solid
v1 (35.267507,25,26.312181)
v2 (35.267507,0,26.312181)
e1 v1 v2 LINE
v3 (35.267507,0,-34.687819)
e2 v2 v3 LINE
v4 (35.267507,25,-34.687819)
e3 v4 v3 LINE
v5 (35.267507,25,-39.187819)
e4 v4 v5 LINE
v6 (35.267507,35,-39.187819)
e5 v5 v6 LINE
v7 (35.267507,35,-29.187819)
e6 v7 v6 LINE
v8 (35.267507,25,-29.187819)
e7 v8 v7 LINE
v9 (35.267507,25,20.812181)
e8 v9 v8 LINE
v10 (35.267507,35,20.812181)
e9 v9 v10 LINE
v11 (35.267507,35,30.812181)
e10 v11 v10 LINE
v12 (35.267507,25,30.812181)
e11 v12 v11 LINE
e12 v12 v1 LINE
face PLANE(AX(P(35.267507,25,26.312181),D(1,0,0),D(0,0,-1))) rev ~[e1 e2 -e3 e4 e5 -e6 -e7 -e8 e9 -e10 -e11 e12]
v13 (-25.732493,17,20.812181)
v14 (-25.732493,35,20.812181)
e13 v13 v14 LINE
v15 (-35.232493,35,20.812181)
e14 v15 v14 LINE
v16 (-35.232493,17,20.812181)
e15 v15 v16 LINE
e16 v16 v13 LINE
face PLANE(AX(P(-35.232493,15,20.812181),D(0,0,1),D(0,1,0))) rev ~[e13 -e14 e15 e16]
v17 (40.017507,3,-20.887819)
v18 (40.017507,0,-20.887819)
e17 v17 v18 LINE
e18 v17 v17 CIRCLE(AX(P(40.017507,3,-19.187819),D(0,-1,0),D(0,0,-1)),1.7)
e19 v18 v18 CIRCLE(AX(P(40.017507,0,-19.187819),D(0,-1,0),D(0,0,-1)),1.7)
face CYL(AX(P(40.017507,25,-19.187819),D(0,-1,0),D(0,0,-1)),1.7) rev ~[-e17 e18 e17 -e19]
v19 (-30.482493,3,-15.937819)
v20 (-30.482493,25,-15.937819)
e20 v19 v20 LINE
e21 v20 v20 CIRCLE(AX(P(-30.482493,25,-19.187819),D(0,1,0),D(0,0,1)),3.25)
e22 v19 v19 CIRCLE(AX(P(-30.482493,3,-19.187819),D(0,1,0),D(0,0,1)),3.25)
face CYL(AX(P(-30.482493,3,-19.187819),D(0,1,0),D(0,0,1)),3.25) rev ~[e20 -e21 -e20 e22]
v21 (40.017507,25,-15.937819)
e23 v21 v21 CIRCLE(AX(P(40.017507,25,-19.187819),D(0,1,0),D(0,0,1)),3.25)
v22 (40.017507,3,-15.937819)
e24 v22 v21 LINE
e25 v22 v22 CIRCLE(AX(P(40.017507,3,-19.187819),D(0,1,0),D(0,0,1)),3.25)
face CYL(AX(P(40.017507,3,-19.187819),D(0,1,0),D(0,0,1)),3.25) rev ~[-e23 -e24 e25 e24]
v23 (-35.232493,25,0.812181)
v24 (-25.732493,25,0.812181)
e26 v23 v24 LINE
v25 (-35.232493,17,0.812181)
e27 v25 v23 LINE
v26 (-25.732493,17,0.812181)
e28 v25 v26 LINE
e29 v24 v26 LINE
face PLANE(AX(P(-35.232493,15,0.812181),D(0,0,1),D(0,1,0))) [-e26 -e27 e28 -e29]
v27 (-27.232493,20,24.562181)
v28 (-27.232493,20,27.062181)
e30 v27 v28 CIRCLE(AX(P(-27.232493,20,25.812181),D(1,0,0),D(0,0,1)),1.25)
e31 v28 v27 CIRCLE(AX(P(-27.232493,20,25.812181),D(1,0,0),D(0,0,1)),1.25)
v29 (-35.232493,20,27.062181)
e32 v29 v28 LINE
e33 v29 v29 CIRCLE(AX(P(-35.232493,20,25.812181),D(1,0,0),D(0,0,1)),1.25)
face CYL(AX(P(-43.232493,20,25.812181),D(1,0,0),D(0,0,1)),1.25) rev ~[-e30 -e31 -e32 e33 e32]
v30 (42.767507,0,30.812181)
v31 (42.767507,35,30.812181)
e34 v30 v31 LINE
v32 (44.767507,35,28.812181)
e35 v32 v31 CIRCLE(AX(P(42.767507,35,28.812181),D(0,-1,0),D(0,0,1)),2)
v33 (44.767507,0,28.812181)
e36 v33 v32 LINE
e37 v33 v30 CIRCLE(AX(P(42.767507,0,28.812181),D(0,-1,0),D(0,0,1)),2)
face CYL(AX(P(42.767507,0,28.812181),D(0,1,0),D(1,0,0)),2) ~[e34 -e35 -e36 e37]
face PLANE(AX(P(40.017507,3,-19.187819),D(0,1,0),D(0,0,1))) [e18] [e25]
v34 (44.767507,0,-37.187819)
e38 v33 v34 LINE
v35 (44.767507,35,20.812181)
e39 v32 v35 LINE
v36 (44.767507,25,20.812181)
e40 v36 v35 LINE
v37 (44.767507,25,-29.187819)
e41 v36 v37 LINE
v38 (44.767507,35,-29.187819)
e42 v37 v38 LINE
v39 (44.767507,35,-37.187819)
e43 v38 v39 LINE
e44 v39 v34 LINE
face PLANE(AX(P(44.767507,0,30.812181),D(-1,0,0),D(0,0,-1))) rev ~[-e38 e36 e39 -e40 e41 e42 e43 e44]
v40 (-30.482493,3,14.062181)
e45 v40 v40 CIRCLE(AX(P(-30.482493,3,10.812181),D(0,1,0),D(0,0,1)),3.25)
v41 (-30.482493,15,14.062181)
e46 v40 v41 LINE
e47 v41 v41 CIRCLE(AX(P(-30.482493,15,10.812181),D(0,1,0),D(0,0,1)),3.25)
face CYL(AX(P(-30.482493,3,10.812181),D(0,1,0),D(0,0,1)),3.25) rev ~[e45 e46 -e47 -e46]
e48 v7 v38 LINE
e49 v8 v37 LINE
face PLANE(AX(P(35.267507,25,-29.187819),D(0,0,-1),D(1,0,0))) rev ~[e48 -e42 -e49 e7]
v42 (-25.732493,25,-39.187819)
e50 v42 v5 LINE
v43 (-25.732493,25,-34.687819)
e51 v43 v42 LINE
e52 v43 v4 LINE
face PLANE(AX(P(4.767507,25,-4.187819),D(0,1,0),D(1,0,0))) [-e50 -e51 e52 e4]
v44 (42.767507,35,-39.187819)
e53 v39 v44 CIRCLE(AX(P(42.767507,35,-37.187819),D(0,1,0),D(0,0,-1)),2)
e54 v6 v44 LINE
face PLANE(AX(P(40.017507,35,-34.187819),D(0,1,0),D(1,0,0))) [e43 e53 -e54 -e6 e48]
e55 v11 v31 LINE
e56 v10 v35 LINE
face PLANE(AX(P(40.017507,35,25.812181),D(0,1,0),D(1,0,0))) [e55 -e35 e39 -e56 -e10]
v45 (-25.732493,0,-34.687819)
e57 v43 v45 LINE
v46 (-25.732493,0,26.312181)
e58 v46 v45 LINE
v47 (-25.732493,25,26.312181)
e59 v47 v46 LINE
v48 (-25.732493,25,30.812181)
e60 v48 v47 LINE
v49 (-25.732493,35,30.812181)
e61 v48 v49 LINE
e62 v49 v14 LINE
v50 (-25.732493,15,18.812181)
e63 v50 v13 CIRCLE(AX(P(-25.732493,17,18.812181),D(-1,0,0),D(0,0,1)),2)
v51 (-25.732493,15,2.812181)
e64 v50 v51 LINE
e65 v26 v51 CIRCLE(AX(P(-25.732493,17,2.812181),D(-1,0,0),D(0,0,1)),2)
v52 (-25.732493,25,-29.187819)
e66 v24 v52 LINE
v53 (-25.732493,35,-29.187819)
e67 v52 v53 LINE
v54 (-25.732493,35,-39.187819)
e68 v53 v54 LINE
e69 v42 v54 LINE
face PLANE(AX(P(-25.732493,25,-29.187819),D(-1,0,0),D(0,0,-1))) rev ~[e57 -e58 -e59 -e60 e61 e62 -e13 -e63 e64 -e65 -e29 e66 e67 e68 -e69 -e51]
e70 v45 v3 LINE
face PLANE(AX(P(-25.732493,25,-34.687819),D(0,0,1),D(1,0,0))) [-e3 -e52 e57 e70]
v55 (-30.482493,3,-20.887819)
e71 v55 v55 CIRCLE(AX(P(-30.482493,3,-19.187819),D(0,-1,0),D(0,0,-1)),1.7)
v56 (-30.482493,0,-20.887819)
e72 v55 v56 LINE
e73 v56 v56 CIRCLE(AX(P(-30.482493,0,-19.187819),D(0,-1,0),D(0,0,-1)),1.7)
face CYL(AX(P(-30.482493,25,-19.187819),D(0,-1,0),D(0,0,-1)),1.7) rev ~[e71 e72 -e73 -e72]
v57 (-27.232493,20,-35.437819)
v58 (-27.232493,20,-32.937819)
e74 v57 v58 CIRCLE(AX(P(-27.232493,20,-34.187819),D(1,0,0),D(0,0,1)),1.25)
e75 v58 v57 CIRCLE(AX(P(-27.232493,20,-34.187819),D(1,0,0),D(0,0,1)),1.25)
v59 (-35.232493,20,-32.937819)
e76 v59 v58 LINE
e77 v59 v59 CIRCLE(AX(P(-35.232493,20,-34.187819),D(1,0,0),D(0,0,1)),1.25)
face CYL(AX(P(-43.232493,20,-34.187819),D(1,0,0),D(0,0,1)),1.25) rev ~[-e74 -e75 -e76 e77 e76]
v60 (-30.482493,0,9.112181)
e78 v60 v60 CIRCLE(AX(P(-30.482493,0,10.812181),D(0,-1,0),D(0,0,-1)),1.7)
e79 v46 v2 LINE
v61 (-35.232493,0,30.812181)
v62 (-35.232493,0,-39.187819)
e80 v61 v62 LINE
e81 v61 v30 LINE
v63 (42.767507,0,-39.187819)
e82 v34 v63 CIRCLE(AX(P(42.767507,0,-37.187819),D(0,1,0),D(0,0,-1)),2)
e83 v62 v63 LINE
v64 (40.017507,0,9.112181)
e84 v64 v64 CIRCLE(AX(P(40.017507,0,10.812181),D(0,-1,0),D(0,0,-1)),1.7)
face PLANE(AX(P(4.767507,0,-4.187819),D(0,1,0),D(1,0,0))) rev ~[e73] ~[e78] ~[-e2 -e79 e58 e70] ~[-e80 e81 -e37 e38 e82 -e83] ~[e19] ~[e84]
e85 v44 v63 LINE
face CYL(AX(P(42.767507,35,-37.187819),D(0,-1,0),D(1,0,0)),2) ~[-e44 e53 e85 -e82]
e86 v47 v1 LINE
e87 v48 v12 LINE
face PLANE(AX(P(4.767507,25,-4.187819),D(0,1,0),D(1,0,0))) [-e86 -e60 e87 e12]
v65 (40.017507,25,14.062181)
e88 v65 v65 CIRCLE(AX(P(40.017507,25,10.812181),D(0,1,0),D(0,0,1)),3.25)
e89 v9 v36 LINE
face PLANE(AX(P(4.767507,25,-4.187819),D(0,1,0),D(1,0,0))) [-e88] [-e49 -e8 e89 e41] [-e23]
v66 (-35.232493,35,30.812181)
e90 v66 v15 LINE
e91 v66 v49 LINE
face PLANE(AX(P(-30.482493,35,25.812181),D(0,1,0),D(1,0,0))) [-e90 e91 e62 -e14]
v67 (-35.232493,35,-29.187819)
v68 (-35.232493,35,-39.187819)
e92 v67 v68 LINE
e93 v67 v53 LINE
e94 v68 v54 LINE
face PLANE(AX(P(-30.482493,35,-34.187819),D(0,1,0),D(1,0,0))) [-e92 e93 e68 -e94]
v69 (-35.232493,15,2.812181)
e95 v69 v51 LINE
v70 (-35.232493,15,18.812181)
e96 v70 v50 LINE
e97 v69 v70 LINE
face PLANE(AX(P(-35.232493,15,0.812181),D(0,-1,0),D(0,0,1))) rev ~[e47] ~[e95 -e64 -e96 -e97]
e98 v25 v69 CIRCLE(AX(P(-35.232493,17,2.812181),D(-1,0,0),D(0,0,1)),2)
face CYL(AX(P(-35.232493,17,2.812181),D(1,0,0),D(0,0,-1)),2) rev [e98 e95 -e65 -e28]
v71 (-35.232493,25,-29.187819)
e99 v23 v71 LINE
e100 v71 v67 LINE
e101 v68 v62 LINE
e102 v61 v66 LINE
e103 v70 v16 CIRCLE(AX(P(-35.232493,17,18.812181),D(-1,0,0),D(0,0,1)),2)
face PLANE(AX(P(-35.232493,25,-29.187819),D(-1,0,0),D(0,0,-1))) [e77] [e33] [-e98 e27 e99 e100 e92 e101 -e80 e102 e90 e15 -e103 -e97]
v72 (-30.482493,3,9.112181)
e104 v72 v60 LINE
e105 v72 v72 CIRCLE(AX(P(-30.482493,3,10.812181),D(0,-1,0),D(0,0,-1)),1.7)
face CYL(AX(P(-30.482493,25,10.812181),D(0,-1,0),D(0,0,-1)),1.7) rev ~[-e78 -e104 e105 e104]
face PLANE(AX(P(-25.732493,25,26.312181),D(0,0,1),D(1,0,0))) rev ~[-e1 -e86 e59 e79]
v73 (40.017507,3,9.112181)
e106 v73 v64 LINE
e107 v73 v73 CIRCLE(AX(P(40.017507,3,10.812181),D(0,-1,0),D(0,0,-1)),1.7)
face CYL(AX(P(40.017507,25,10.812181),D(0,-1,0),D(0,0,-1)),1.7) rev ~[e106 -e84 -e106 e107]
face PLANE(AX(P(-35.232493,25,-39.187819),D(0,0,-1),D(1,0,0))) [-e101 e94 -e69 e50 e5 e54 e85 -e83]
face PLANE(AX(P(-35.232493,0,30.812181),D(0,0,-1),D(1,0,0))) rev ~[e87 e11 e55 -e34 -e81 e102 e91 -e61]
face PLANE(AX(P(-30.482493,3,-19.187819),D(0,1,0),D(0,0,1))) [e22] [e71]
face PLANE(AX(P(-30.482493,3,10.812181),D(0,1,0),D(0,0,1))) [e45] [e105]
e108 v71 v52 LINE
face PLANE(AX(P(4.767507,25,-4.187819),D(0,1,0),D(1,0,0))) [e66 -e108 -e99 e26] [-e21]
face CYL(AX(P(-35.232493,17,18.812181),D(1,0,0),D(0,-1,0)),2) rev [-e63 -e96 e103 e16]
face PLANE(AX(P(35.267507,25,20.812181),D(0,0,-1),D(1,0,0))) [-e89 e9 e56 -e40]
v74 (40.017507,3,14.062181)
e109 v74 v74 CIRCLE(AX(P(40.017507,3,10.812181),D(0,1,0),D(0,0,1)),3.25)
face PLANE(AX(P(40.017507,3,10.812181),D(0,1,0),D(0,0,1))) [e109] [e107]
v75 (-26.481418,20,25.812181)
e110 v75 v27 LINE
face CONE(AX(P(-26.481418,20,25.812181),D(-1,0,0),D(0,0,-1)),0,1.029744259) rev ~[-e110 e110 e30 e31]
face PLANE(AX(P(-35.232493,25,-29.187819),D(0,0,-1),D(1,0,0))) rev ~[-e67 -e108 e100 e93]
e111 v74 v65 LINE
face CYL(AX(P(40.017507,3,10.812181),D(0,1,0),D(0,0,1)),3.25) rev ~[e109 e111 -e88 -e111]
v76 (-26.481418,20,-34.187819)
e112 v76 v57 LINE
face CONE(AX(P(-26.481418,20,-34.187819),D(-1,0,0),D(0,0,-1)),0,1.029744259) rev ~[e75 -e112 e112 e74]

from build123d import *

# Parameters (mm, degrees)
SKETCH1_W                       = 80
SKETCH1_H                       = 70
BOSS_EXTRUDE1_DEPTH             = 25
SKETCH2_W                       = 61
SKETCH2_H                       = 61
CUT_EXTRUDE1_DEPTH              = 26
SKETCH3_W                       = 9.5
SKETCH3_H                       = 10
BOSS_EXTRUDE2_DEPTH             = 10
FILLET1_R                       = 2
FILLET4_R                       = 2
CBORE_FOR_M3_SHCS1_D            = 3.4
CBORE_FOR_M3_SHCS1_CBORE_D      = 6.5
CBORE_FOR_M3_SHCS1_CBORE_DEPTH  = 22
TAP_DRILL_FOR_M3X0_5_TAP1_D     = 2.5
TAP_DRILL_FOR_M3X0_5_TAP1_DEPTH = 8
TAP_DRILL_FOR_M3X0_5_TAP1_TIP   = 0.751075774
CUT_EXTRUDE2_REACH              = 82
SKETCH9_W                       = 20
SKETCH9_H                       = 10
FILLET5_R                       = 2


with BuildPart() as part:
    # Sketch1 → Boss-Extrude1 (new body)
    with BuildSketch(Plane(origin=(0, 0, 0), x_dir=(1, 0, 0), z_dir=(0, 1, 0))):
        with Locations((4.767506632, 4.187819453)):
            Rectangle(SKETCH1_W, SKETCH1_H)
    extrude(amount=BOSS_EXTRUDE1_DEPTH)

    # Sketch2 → Cut-Extrude1 (cut, through all)
    with BuildSketch(Plane(origin=(0, 25, 0), x_dir=(1, 0, 0), z_dir=(0, 1, 0))):
        with Locations((4.767506632, 4.187819453)):
            Rectangle(SKETCH2_W, SKETCH2_H)
    extrude(amount=-CUT_EXTRUDE1_DEPTH, mode=Mode.SUBTRACT)

    # Sketch3 → Boss-Extrude2 (add)
    with BuildSketch(Plane(origin=(0, 25, 0), x_dir=(1, 0, 0), z_dir=(0, 1, 0))):
        with Locations((-30.482493368, 34.187819453)):
            Rectangle(SKETCH3_W, SKETCH3_H)
        with Locations((40.017506632, 34.187819453)):
            Rectangle(SKETCH3_W, SKETCH3_H)
        with Locations((-30.482493368, -25.812180547)):
            Rectangle(SKETCH3_W, SKETCH3_H)
        with Locations((40.017506632, -25.812180547)):
            Rectangle(SKETCH3_W, SKETCH3_H)
    extrude(amount=BOSS_EXTRUDE2_DEPTH)

    # Fillet1
    fillet1_edges = [part.edges().sort_by_distance(p)[0] for p in [
        (44.767506632, 17.5, 30.812180547),
    ]]
    fillet(fillet1_edges, radius=FILLET1_R)

    # Fillet4
    fillet4_edges = [part.edges().sort_by_distance(p)[0] for p in [
        (44.767506632, 17.5, -39.187819453),
    ]]
    fillet(fillet4_edges, radius=FILLET4_R)

    # CBORE for M3 SHCS1 (through all)
    with Locations(Plane(origin=(-30.482493368, 25, -19.187819453), x_dir=(0, 0, 1), z_dir=(0, 1, 0))):
        with Locations((0, 0), (30, 0), (30, 70.5), (0, 70.5)):
            CounterBoreHole(CBORE_FOR_M3_SHCS1_D / 2, CBORE_FOR_M3_SHCS1_CBORE_D / 2, CBORE_FOR_M3_SHCS1_CBORE_DEPTH)

    # Tap Drill for M3x0.5 Tap1
    with Locations(Plane(origin=(-35.232493368, 20, 25.812180547), x_dir=(0, 0, -1), z_dir=(-1, 0, 0))):
        with Locations((0, 0), (60, 0)):
            Hole(TAP_DRILL_FOR_M3X0_5_TAP1_D / 2, depth=TAP_DRILL_FOR_M3X0_5_TAP1_DEPTH)
            with Locations((0, 0, -(TAP_DRILL_FOR_M3X0_5_TAP1_DEPTH + TAP_DRILL_FOR_M3X0_5_TAP1_TIP / 2))):  # 118° drill point
                Cone(0, TAP_DRILL_FOR_M3X0_5_TAP1_D / 2, TAP_DRILL_FOR_M3X0_5_TAP1_TIP, mode=Mode.SUBTRACT)

    # Sketch9 → Cut-Extrude2 (cut, up to next)
    with BuildSketch(Plane.ZY.offset(35.232493368), mode=Mode.PRIVATE) as cut_extrude2_sk1:
        with Locations((10.812180547, 20)):
            Rectangle(SKETCH9_W, SKETCH9_H)
    cut_extrude2_tool1 = extrude(cut_extrude2_sk1.sketch, amount=-CUT_EXTRUDE2_REACH, mode=Mode.PRIVATE) & part.part
    add(cut_extrude2_tool1.solids().sort_by_distance((-35.232493, 20, 10.812181))[0], mode=Mode.SUBTRACT)

    # Fillet5
    fillet5_edges = [part.edges().sort_by_distance(p)[0] for p in [
        (-30.482493368, 15, 0.812180547),
        (-30.482493368, 15, 20.812180547),
    ]]
    fillet(fillet5_edges, radius=FILLET5_R)


solid = part.part
